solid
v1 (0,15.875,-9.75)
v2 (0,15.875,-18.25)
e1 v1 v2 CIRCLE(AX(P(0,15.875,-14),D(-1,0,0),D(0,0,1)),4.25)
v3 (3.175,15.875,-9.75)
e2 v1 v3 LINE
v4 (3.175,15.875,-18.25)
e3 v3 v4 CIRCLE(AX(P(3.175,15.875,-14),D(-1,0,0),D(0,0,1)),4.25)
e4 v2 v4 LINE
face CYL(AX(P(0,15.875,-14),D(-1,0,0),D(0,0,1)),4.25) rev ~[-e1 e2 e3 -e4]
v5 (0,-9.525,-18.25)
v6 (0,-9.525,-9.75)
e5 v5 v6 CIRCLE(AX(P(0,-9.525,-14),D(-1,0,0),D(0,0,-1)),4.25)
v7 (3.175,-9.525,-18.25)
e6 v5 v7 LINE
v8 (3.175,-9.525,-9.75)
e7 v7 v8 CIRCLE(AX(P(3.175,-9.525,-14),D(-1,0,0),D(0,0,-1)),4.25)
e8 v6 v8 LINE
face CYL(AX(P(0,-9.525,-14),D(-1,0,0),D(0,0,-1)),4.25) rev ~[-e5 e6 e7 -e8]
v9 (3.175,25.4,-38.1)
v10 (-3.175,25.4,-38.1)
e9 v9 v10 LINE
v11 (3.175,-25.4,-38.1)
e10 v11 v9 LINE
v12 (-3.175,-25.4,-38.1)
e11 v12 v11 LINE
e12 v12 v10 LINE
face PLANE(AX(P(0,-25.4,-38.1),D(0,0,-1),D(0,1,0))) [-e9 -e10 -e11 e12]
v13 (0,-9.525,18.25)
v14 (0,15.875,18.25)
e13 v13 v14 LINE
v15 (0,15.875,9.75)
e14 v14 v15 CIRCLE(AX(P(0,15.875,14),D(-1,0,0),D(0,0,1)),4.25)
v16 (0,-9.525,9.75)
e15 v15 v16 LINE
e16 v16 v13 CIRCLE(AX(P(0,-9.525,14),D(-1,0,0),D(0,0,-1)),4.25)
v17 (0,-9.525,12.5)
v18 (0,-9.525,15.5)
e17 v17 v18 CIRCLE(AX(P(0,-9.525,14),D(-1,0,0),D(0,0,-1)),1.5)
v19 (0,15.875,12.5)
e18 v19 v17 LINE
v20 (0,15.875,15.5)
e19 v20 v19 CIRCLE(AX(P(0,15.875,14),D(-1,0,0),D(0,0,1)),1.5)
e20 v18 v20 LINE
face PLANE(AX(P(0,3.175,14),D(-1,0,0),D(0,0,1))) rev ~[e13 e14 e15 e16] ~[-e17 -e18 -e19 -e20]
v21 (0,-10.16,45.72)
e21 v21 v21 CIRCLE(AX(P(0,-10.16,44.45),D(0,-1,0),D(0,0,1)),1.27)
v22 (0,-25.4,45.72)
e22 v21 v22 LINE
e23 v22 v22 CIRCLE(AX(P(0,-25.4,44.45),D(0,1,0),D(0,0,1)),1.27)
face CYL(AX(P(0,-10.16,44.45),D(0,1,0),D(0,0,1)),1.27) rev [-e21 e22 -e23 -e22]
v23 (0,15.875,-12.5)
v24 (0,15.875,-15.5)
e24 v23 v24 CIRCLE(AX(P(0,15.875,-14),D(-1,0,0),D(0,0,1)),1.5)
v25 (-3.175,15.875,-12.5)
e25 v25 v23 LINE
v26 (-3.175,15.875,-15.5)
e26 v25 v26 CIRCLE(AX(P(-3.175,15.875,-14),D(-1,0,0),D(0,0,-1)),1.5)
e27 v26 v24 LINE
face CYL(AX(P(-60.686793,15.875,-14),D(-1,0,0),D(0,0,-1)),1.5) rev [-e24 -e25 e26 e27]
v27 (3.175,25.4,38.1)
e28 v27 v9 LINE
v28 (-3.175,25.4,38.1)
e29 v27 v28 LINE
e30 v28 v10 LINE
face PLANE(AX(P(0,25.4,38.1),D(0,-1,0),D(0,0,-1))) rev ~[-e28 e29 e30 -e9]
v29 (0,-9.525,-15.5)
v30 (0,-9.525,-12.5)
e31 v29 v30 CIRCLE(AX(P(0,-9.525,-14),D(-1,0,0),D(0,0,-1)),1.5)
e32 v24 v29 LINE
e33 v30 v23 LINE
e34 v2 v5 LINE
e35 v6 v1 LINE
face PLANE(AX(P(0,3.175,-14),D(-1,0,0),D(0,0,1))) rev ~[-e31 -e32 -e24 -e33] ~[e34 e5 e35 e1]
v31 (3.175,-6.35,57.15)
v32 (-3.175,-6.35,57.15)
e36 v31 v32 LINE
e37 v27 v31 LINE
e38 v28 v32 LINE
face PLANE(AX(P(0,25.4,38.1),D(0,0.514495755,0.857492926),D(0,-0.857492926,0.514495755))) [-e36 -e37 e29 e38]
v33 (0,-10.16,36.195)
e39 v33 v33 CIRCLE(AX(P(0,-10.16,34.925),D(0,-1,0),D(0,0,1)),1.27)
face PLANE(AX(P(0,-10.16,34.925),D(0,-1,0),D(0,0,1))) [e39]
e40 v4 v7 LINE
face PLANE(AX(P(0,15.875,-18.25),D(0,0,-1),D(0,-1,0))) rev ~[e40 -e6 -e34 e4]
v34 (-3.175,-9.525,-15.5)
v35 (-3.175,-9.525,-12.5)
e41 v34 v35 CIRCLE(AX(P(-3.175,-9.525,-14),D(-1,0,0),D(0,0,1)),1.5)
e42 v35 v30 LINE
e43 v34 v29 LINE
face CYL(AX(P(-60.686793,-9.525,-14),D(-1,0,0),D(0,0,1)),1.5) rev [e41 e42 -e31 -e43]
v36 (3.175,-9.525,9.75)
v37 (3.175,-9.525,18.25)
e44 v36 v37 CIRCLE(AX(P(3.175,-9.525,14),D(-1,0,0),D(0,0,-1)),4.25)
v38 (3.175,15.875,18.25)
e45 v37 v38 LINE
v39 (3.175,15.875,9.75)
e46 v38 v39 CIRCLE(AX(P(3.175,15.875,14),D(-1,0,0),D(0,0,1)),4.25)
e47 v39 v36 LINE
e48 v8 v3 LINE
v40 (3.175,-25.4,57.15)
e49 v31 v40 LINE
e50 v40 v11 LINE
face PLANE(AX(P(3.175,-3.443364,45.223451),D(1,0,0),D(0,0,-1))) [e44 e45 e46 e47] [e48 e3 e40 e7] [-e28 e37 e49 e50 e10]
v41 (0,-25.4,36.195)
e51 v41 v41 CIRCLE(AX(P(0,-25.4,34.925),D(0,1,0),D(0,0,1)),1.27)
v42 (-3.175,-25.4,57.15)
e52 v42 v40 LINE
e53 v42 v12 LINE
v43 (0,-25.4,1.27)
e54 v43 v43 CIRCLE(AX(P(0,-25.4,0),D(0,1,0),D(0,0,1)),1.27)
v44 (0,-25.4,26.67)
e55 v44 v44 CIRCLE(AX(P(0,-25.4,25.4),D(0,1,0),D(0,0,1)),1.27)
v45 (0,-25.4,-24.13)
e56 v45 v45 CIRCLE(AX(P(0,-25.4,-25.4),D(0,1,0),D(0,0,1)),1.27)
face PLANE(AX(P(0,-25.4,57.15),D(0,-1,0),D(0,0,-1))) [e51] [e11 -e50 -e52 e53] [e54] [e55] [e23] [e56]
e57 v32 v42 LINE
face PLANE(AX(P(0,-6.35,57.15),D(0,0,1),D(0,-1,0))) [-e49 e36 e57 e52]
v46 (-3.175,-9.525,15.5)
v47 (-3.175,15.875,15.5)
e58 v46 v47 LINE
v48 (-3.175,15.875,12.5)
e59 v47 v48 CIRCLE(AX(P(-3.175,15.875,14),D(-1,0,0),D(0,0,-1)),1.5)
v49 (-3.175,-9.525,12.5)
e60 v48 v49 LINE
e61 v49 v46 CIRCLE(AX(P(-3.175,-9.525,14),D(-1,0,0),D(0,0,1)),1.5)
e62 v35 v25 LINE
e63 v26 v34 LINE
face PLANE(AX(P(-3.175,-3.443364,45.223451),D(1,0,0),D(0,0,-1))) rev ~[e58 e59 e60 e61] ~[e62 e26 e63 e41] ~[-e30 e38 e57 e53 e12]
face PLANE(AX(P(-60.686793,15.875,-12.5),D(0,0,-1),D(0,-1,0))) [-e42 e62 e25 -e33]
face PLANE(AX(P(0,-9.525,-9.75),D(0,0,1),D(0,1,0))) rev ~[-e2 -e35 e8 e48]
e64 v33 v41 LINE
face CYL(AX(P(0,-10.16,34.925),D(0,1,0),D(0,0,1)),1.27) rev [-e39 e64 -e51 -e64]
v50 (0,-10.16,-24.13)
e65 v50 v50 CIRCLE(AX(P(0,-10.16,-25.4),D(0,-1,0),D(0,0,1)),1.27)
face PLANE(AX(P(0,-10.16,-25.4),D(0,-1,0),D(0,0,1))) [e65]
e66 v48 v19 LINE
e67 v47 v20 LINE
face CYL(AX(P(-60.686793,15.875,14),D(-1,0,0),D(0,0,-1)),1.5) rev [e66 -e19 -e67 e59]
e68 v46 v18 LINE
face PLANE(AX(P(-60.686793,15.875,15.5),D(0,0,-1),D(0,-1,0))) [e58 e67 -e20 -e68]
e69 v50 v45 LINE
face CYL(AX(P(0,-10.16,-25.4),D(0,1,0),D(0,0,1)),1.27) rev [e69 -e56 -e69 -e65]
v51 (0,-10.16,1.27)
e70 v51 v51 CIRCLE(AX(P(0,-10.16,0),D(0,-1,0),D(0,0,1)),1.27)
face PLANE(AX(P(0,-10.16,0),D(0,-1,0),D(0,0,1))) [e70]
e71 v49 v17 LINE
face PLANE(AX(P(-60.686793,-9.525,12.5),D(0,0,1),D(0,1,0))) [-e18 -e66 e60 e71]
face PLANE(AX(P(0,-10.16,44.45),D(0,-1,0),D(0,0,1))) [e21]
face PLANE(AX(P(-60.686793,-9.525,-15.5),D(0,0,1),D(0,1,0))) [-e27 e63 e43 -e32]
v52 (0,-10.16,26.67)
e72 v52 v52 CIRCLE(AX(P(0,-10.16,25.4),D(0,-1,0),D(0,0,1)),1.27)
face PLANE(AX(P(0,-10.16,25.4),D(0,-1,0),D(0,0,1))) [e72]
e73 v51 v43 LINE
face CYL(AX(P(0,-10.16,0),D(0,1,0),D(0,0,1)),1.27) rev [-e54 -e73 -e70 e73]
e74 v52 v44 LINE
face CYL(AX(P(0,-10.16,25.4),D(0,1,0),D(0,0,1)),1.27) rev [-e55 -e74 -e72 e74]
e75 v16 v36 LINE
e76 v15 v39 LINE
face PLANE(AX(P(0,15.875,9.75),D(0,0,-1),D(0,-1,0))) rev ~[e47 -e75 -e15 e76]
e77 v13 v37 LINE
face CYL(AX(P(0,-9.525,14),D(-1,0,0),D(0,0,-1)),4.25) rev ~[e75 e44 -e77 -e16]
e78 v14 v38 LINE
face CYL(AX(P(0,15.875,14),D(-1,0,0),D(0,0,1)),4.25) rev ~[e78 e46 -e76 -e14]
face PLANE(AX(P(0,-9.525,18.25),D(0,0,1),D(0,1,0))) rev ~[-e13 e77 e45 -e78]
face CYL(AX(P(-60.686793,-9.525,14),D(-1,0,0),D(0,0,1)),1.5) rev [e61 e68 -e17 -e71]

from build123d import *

# Parameters (mm, degrees)
BOSS_EXTRUDE2_DEPTH     = 3.175
CUT_EXTRUDE1_DEPTH      = 63.861792847
CUT_EXTRUDE1_DEPTH_BACK = 63.861792847
CUT_EXTRUDE3_START      = -3.175
CUT_EXTRUDE3_DEPTH      = 3.175
CUT_EXTRUDE2_DEPTH      = 77.530014537
CUT_EXTRUDE2_DEPTH_BACK = 15.24
SKETCH4_R               = 1.27


with BuildPart() as part:
    # Sketch2 → Boss-Extrude2 (new, symmetric)
    with BuildSketch(Plane(origin=(0, 0, 0), x_dir=(0, 0, -1), z_dir=(1, 0, 0))):
        Polygon((-57.15, -25.4), (38.1, -25.4), (38.1, 25.4), (-38.1, 25.4), (-57.15, -6.35), align=None)
    extrude(amount=BOSS_EXTRUDE2_DEPTH, both=True)

    # Sketch3 → Cut-Extrude1 (cut, two sides: drawn at the far end of the back side and taken through both)
    with BuildSketch(Plane(origin=(3.175, 0, 0), x_dir=(0, 0, -1), z_dir=(1, 0, 0)).offset(-CUT_EXTRUDE1_DEPTH_BACK)):
        with BuildLine():
            Line((-15.500000048, 15.875), (-15.500000048, -9.525))
            ThreePointArc((-15.500000048, -9.525), (-14, -11.025000048), (-12.499999952, -9.525))
            Line((-12.499999952, -9.525), (-12.499999952, 15.875))
            ThreePointArc((-12.499999952, 15.875), (-14, 17.375000048), (-15.500000048, 15.875))
        make_face()
        with BuildLine():
            Line((12.499999952, 15.875), (12.499999952, -9.525))
            ThreePointArc((12.499999952, -9.525), (14, -11.025000048), (15.500000048, -9.525))
            Line((15.500000048, -9.525), (15.500000048, 15.875))
            ThreePointArc((15.500000048, 15.875), (14, 17.375000048), (12.499999952, 15.875))
        make_face()
    extrude(amount=CUT_EXTRUDE1_DEPTH + CUT_EXTRUDE1_DEPTH_BACK, mode=Mode.SUBTRACT)

    # Sketch3<3> → Cut-Extrude3 (cut)
    # profile 1 of 2: a face of its own
    with BuildSketch(Plane(origin=(3.175, 0, 0), x_dir=(0, 0, -1), z_dir=(1, 0, 0)).offset(CUT_EXTRUDE3_START)):
        with BuildLine():
            Line((-18.250000009, -9.525), (-18.250000009, 15.875))
            ThreePointArc((-18.250000009, 15.875), (-14, 20.125000009), (-9.749999991, 15.875))
            Line((-9.749999991, 15.875), (-9.749999991, -9.525))
            ThreePointArc((-9.749999991, -9.525), (-14, -13.775000009), (-18.250000009, -9.525))
        make_face()
        with BuildLine():
            Line((-15.500000048, -9.525), (-15.500000048, 15.875))
            ThreePointArc((-15.500000048, 15.875), (-14, 17.375000048), (-12.499999952, 15.875))
            Line((-12.499999952, 15.875), (-12.499999952, -9.525))
            ThreePointArc((-12.499999952, -9.525), (-14, -11.025000048), (-15.500000048, -9.525))
        make_face(mode=Mode.SUBTRACT)
    # profile 2 of 2: a face of its own
    with BuildSketch(Plane(origin=(3.175, 0, 0), x_dir=(0, 0, -1), z_dir=(1, 0, 0)).offset(CUT_EXTRUDE3_START)):
        with BuildLine():
            Line((9.749999991, -9.525), (9.749999991, 15.875))
            ThreePointArc((9.749999991, 15.875), (14, 20.125000009), (18.250000009, 15.875))
            Line((18.250000009, 15.875), (18.250000009, -9.525))
            ThreePointArc((18.250000009, -9.525), (14, -13.775000009), (9.749999991, -9.525))
        make_face()
        with BuildLine():
            Line((12.499999952, -9.525), (12.499999952, 15.875))
            ThreePointArc((12.499999952, 15.875), (14, 17.375000048), (15.500000048, 15.875))
            Line((15.500000048, 15.875), (15.500000048, -9.525))
            ThreePointArc((15.500000048, -9.525), (14, -11.025000048), (12.499999952, -9.525))
        make_face(mode=Mode.SUBTRACT)
    extrude(amount=CUT_EXTRUDE3_DEPTH, mode=Mode.SUBTRACT)

    # Sketch4 → Cut-Extrude2 (cut, two sides: drawn at the far end of the back side and taken through both)
    with BuildSketch(Plane.XZ.offset(25.4).offset(-CUT_EXTRUDE2_DEPTH_BACK)):
        with Locations((0, 25.4)):
            Circle(SKETCH4_R)
        Circle(SKETCH4_R)
        with Locations((0, -25.4)):
            Circle(SKETCH4_R)
        with Locations((0, 34.925)):
            Circle(SKETCH4_R)
        with Locations((0, 44.45)):
            Circle(SKETCH4_R)
    extrude(amount=CUT_EXTRUDE2_DEPTH + CUT_EXTRUDE2_DEPTH_BACK, mode=Mode.SUBTRACT)


solid = part.part
